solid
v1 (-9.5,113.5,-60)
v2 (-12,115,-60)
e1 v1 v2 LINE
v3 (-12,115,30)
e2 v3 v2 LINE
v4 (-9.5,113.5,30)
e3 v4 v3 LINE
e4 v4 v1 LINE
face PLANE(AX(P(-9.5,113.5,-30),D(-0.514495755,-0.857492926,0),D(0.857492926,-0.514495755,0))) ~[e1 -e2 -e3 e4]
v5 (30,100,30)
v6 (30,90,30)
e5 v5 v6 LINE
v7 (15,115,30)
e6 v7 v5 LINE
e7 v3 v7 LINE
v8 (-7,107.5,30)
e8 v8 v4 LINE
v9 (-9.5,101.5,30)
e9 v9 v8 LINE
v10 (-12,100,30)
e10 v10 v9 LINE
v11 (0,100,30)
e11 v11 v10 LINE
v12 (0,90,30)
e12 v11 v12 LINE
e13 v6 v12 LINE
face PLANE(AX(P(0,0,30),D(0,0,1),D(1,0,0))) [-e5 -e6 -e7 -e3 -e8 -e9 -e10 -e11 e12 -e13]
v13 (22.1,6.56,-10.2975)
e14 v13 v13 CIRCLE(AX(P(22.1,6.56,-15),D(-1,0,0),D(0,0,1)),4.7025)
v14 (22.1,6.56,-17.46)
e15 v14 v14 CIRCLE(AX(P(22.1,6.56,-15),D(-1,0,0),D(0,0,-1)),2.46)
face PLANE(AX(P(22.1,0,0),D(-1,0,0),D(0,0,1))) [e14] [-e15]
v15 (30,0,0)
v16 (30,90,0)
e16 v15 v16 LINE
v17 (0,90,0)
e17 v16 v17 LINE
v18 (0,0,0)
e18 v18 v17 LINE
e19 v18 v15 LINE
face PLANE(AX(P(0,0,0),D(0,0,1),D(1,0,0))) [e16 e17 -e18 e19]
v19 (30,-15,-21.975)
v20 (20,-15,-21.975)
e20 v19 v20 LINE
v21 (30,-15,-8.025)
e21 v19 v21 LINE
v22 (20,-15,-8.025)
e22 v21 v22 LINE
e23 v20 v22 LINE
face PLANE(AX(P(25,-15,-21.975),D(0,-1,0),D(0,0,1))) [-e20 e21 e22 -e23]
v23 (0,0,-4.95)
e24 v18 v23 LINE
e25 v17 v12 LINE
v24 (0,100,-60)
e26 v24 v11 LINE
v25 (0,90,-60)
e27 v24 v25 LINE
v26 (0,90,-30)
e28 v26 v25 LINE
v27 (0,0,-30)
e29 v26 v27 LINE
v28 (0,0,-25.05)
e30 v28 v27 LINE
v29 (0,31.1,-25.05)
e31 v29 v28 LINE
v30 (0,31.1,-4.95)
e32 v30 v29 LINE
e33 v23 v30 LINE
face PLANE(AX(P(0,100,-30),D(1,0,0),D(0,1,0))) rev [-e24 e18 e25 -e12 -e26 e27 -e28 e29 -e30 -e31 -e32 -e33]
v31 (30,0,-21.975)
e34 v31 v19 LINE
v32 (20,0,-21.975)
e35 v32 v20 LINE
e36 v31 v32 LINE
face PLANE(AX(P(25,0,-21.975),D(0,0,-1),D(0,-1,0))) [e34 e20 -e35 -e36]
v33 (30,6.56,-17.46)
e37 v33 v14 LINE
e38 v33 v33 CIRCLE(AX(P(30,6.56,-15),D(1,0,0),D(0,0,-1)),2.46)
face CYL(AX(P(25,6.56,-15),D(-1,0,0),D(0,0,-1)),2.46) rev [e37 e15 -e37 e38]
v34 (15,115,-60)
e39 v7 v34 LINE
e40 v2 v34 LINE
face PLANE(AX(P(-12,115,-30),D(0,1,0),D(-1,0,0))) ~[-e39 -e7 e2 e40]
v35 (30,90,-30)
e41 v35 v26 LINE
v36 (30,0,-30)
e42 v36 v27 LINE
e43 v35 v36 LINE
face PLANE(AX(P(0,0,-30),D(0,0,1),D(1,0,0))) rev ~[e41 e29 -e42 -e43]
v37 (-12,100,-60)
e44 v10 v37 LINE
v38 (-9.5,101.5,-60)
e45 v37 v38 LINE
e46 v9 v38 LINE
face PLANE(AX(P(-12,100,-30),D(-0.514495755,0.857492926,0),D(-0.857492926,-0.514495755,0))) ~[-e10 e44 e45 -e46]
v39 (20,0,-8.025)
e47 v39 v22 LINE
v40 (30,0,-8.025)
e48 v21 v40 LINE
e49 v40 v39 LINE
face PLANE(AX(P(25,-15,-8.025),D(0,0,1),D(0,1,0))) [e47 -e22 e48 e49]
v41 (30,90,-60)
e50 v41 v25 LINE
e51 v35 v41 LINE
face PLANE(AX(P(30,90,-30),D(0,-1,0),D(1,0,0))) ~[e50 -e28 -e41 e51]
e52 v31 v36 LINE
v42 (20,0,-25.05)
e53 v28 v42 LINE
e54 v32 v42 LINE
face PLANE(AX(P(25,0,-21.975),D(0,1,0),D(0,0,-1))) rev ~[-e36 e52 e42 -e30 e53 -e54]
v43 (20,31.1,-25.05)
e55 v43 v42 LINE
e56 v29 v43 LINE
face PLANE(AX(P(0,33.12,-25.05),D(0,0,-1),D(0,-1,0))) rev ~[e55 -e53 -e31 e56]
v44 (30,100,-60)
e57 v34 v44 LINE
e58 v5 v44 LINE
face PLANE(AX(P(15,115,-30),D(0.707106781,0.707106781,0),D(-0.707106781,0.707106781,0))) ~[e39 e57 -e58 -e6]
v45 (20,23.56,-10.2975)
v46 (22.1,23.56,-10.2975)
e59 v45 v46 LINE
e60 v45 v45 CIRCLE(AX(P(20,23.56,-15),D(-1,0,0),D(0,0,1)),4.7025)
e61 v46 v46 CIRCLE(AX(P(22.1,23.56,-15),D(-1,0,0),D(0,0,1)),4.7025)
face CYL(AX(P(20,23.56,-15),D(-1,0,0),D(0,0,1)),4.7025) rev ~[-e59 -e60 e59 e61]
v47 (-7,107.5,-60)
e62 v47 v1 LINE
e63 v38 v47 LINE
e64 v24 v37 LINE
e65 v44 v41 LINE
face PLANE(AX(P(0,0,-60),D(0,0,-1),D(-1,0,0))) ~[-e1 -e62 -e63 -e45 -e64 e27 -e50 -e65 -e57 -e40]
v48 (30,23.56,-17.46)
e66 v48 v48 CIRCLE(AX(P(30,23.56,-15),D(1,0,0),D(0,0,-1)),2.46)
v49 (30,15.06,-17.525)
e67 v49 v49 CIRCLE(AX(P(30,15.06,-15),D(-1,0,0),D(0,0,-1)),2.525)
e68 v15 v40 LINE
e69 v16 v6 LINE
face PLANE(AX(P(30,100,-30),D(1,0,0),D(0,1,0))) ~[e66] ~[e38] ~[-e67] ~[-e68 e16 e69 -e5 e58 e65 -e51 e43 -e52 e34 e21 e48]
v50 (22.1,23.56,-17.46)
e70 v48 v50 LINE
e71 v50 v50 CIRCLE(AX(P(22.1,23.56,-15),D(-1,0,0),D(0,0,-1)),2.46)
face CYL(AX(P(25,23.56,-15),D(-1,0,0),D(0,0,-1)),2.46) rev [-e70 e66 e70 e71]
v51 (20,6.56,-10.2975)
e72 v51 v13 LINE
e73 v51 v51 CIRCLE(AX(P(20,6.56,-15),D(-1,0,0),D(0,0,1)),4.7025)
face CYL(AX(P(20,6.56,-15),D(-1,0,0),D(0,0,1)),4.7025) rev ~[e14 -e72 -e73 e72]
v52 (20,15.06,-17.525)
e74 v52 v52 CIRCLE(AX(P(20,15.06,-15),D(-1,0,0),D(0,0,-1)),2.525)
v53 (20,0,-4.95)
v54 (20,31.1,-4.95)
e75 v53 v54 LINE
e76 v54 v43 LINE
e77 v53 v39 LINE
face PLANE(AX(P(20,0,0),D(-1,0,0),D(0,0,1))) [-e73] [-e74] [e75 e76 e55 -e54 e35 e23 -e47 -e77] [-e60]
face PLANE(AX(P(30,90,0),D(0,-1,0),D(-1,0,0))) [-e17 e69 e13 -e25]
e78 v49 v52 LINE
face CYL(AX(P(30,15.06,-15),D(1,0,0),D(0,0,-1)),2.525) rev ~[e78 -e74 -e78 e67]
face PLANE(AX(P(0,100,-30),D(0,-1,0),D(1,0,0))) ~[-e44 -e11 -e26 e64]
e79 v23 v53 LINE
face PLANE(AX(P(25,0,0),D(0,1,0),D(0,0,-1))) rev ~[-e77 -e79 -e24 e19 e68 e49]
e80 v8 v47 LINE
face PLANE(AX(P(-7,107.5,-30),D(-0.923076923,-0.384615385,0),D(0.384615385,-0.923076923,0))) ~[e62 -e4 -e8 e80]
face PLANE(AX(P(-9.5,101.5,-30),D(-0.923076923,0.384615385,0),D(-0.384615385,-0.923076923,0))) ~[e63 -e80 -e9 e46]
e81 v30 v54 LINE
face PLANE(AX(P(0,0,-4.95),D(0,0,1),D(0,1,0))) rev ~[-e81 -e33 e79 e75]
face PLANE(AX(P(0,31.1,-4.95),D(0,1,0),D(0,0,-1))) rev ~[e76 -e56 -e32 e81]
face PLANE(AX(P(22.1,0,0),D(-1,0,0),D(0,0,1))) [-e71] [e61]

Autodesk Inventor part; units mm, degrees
ref_plane "YZ Plane" through (0, 0, 0) normal (1, 0, 0) x (0, 1, 0)
ref_plane "XZ Plane" through (0, 0, 0) normal (0, 1, 0) x (-1, 0, 0)
sketch "Sketch1" plane through (0, 0, 0) normal (0, 0, 1) x (1, 0, 0)
  line L0 (0, 0) -> (25, 0)
  line L1 (25, 0) -> (25, 40)
  line L2 (25, 40) -> (0, 40)
  line L3 (0, 40) -> (0, 0)
  dimension "d1" = 25
  dimension "d2" = 40
  dimension "d3" = 25
extrude "Extrusion1" add sketch "Sketch1" against normal blind 30
sketch "Sketch2" plane through (25, 0, 0) normal (1, 0, 0) x (0, 0, -1)
  line L0 (0, 0) -> (30, 0) projected
  circle A0 centre (15, 6.56) radius 2.46
extrude "Extrusion2" cut sketch "Sketch2" against normal blind 30
sketch "Sketch3" plane through (0, 0, 0) normal (-1, 0, 0) x (0, 0, 1)
  line L0 (0, 0) -> (-30, 0) projected
  line L1 (-25.05, 0) -> (-4.95, 0)
  line L2 (-4.95, 0) -> (-4.95, 33.12)
  line L3 (-4.95, 33.12) -> (-25.05, 33.12)
  line L4 (-25.05, 33.12) -> (-25.05, 0)
  dimension "d11" = 20.1
extrude "Extrusion3" cut sketch "Sketch3" against normal blind 20
sketch "Sketch4" plane through (0, 0, 0) normal (0, -1, 0) x (1, 0, 0)
  line L0 (20, -4.95) -> (20, -25.05) projected
  line L1 (20, -15) -> (25, -15)
  line L2 (25, 0) -> (25, -30) projected
  line L3 (20, -8.025) -> (25, -8.025)
  line L4 (25, -8.025) -> (25, -21.975)
  line L5 (25, -21.975) -> (20, -21.975)
  line L6 (20, -21.975) -> (20, -8.025)
  line L7 (20, -8.025) -> (25, -21.975) construction
  line L8 (25, -8.025) -> (20, -21.975) construction
  line L9 (25, -12.54) -> (25, -17.46) projected
  point P0 (0, 0)
  point P1 (22.5, -15)
  dimension "d14" = 13.95
extrude "Extrusion4" add sketch "Sketch4" along normal blind 15
sketch "Sketch5" plane through (20, 0, 0) normal (-1, 0, 0) x (0, 0, 1)
  circle A0 centre (-15, 6.56) radius 2.46 projected
  circle A1 centre (-15, 6.56) radius 4.7025
  circle A2 centre (-15, 6.56) radius 2.46 projected
  circle A3 centre (-15, 6.56) radius 2.46
  point P0 (0, 0)
  dimension "d17" = 9.405
extrude "Extrusion5" cut sketch "Sketch5" against normal blind 2.1
sketch "Sketch6" plane through (25, 0, 0) normal (1, 0, 0) x (0, 0, -1)
  circle A0 centre (15, 6.56) radius 4.7025 projected
  line L0 (15, 6.56) -> (15, 23.56)
  circle A1 centre (15, 23.56) radius 2.46
  point P0 (0, 0)
  dimension "d20" = 17
  dimension "d21" = 4.92
extrude "Extrusion6" cut sketch "Sketch6" against normal blind 10 contours A1
sketch "Sketch7" plane through (20, 0, 0) normal (-1, 0, 0) x (0, 0, 1)
  circle A0 centre (-15, 23.56) radius 2.46 projected
  circle A1 centre (-15, 23.56) radius 4.7025
  point P0 (0, 0)
  dimension "d24" = 9.405
extrude "Extrusion7" cut sketch "Sketch7" against normal blind 2.1
sketch "Sketch9" plane through (25, 0, 0) normal (1, 0, 0) x (0, 0, -1)
  circle A0 centre (15, 6.56) radius 2.46 projected
  circle A1 centre (15, 6.56) radius 2.46
  circle A2 centre (15, 23.56) radius 2.46 projected
  circle A3 centre (15, 23.56) radius 2.46
  line L0 (30, 40) -> (30, 0) projected
  line L1 (30, 0) -> (30, 40)
  line L2 (30, 40) -> (0, 40)
  line L3 (0, 40) -> (0, 0)
  line L4 (0, 0) -> (8.025, 0) projected
  line L5 (21.975, 0) -> (21.975, -15)
  line L6 (21.975, -15) -> (8.025, -15)
  line L7 (8.025, -15) -> (8.025, 0)
  line L8 (0, 0) -> (8.025, 0)
  line L9 (21.975, 0) -> (30, 0)
extrude "Extrusion8" add sketch "Sketch9" along normal blind 5
sketch "Sketch10" plane through (0, 40, 0) normal (0, 1, 0) x (1, 0, 0)
  line L0 (0, 30) -> (30, 30) projected
  line L1 (30, 0) -> (0, 0) projected
  line L2 (0, 30) -> (30, 30)
  line L3 (30, 30) -> (30, 0)
  line L4 (30, 0) -> (0, 0)
  line L5 (0, 0) -> (0, 30)
extrude "Extrusion9" add sketch "Sketch10" along normal blind 30
sketch "Sketch12" plane through (30, 0, 0) normal (1, 0, 0) x (0, 0, -1)
  circle A0 centre (15, 6.56) radius 2.46 projected
  line L0 (15, 6.56) -> (15, 15.06)
  circle A1 centre (15, 15.06) radius 2.525
  point P0 (0, 0)
  dimension "d31" = 8.5
  dimension "d33" = 5.05
extrude "Extrusion10" cut sketch "Sketch12" against normal blind 30 contours A1
sketch "Sketch14" plane through (0, 0, 0) normal (0, 0, 1) x (1, 0, 0)
  line L0 (30, 70) -> (0, 70) projected
  line L1 (0, 70) -> (0, 85)
  line L2 (30, 100) -> (15, 115)
  line L3 (-12, 115) -> (15, 115)
  line L4 (30, 0) -> (30, 70) projected
  line L5 (30, 100) -> (30, 70)
  line L6 (-9.5, 113.5) -> (-12, 115)
  line L7 (-9.5, 101.5) -> (-12, 100)
  line L8 (-7, 107.5) -> (-9.5, 101.5)
  line L9 (-7, 107.5) -> (-9.5, 113.5)
  line L10 (0, 100) -> (0, 85)
  line L11 (0, 100) -> (-12, 100)
  point P0 (0, 0)
  dimension "d49" = 15
  dimension "d61" = 12
extrude "Extrusion12" add sketch "Sketch14" against normal blind 30
sketch "Sketch15" plane through (0, 0, -25.05) normal (-1, 0, 0) x (0, 0, 1)
  line L0 (0, 33.12) -> (20.1, 33.12) projected
  line L1 (20.1, 33.12) -> (20.1, 0) projected
  line L2 (0, 33.12) -> (20.1, 33.12)
  line L3 (20.1, 33.12) -> (20.1, 31.1)
  line L4 (20.1, 31.1) -> (0, 31.1)
  line L5 (0, 31.1) -> (0, 33.12)
  point P0 (25.05, 0)
  dimension "d57" = 2.02
extrude "Extrusion13" add sketch "Sketch15" against normal blind 20
sketch "Sketch19" plane through (0, 0, 0) normal (0, 0, 1) x (1, 0, 0)
  line L0 (0, 100) -> (0, 0) projected
  line L1 (0, 100) -> (-12, 100) projected
  line L2 (0, 100) -> (-12, 100)
  line L3 (-12, 100) -> (-9.5, 101.5) projected
  line L4 (-12, 100) -> (-9.5, 101.5)
  line L5 (-9.5, 101.5) -> (-7, 107.5) projected
  line L6 (-9.5, 101.5) -> (-7, 107.5)
  line L7 (-7, 107.5) -> (-9.5, 113.5) projected
  line L8 (-7, 107.5) -> (-9.5, 113.5)
  line L9 (-9.5, 113.5) -> (-12, 115) projected
  line L10 (-9.5, 113.5) -> (-12, 115)
  line L11 (-12, 115) -> (15, 115) projected
  line L12 (-12, 115) -> (15, 115)
  line L13 (15, 115) -> (30, 100) projected
  line L14 (15, 115) -> (30, 100)
  line L15 (30, 100) -> (30, 90)
  line L16 (30, 0) -> (30, 100) projected
  line L17 (30, 90) -> (0, 90)
  line L18 (0, 0) -> (0, 100) projected
  line L19 (0, 90) -> (0, 100)
  dimension "d62" = 10
  dimension "d63" = 30
extrude "Extrusion14" add sketch "Sketch19" along normal blind 30
ref_plane "Work Plane1" through (0, 0, -15) normal (0, 0, 1) x (1, 0, 0)
mirror "Mirror1" about plane through (0, 0, -15) normal (0, 0, 1) of "Extrusion14"
properties part number "rec_b_12mm_x_90mm"
